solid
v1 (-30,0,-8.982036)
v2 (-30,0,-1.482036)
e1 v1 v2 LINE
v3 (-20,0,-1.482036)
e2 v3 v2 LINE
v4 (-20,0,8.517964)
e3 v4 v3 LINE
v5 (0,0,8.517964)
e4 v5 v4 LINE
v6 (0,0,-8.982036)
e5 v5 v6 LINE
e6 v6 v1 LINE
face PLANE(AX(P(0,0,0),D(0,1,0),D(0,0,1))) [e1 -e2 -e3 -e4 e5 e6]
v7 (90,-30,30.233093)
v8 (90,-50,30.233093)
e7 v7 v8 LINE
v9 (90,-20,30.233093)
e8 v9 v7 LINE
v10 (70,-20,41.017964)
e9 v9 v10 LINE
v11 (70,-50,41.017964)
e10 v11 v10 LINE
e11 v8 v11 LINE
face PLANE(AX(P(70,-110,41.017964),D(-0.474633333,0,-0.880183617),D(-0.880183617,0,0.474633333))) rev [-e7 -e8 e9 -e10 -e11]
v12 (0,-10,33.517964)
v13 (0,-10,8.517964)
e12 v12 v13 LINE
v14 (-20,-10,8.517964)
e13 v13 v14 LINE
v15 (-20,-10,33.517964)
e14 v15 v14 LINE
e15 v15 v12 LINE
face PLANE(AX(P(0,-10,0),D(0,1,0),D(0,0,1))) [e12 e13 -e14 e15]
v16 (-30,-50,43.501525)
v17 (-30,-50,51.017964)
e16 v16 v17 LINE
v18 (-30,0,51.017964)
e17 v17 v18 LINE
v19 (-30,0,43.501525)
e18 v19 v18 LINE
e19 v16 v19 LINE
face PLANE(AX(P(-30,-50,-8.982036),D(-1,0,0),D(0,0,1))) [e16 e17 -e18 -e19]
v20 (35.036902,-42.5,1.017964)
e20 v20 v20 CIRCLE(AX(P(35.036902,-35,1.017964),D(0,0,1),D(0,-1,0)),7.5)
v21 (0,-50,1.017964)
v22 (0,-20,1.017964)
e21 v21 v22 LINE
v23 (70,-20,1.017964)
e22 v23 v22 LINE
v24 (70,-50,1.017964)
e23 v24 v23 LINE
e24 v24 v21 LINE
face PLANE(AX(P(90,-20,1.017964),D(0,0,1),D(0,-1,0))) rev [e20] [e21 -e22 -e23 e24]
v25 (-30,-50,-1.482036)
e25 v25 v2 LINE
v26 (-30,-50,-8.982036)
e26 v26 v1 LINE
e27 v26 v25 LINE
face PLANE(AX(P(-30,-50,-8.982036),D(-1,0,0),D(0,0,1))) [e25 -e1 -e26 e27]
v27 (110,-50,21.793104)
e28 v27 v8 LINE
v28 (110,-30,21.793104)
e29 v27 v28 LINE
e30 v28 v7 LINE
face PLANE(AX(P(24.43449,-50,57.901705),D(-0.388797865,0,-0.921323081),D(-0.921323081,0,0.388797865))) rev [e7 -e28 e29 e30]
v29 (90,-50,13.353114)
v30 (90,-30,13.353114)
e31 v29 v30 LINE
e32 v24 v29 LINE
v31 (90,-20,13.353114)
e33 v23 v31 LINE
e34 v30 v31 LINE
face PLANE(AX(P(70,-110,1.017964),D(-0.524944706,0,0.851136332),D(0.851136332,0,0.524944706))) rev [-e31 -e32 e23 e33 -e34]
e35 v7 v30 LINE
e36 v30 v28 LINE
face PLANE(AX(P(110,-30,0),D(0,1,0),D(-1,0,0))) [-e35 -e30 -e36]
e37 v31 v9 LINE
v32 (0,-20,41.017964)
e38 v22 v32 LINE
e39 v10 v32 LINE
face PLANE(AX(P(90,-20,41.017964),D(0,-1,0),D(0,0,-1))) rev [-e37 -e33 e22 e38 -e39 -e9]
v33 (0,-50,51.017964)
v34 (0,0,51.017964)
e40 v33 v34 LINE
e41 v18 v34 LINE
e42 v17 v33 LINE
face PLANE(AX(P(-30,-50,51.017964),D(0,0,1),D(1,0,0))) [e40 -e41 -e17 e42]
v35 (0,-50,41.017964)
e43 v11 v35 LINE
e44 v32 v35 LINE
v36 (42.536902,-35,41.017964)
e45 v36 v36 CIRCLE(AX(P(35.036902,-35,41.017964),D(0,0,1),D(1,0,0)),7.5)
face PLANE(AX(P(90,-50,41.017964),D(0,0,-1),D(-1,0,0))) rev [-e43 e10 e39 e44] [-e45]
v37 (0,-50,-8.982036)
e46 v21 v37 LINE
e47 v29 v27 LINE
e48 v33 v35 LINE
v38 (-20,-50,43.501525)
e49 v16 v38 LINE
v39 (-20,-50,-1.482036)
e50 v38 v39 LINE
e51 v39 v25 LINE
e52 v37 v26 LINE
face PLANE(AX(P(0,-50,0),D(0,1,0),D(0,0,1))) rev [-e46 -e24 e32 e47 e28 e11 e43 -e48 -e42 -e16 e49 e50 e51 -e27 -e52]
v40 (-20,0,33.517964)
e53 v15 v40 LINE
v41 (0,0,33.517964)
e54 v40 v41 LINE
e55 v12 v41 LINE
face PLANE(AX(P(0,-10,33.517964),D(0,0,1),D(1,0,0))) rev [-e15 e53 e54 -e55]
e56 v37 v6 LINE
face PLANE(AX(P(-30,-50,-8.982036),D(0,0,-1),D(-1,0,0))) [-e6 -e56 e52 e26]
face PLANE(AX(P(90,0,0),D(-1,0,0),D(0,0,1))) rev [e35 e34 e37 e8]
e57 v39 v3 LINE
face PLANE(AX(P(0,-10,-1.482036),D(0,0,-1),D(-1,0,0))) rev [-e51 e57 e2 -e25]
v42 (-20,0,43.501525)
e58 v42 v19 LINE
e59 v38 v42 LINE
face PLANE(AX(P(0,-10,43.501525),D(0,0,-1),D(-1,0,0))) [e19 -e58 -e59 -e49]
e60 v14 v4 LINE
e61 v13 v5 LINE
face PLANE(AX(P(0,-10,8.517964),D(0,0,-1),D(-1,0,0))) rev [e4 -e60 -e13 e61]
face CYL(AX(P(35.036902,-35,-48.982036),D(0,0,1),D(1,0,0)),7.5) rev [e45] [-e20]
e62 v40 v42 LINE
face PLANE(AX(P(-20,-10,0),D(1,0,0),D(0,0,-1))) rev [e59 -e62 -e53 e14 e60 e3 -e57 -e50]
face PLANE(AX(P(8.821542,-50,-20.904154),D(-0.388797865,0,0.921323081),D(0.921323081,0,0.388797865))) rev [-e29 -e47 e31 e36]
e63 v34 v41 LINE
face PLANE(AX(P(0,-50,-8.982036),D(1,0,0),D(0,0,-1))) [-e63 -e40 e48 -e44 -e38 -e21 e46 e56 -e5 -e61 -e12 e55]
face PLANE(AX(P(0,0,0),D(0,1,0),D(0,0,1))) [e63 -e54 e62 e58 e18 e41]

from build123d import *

# Parameters (mm, degrees)
SKETCH1_W           = 30
SKETCH1_H           = 60
BOSS_EXTRUDE1_DEPTH = 50
BOSS_EXTRUDE2_DEPTH = 90
SKETCH3_R           = 7.5
CUT_EXTRUDE1_DEPTH  = 90
CUT_EXTRUDE2_DEPTH  = 90
SKETCH5_W           = 16.87997937
SKETCH5_H           = 20
BOSS_EXTRUDE3_DEPTH = 20
CUT_EXTRUDE3_DEPTH  = 20
CUT_EXTRUDE4_DEPTH  = 10
SKETCH8_W           = 10
SKETCH8_H           = 44.983560701
CUT_EXTRUDE5_DEPTH  = 50


with BuildPart() as part:
    # Sketch1 → Boss-Extrude1 (new body)
    with BuildSketch(Plane(origin=(0, 0, 0), x_dir=(1, 0, 0), z_dir=(0, 1, 0))):
        with Locations((-15, -21.017964072)):
            Rectangle(SKETCH1_W, SKETCH1_H)
    extrude(amount=-BOSS_EXTRUDE1_DEPTH)

    # Sketch2 → Boss-Extrude2 (add)
    with BuildSketch(Plane(origin=(0, 0, 0), x_dir=(0, 0, -1), z_dir=(1, 0, 0))):
        Polygon((-21.017964072, -50), (-41.017964072, -50), (-41.017964072, -20), (-1.017964072, -20), (-1.017964072, -50), align=None)
    extrude(amount=BOSS_EXTRUDE2_DEPTH)

    # Sketch3 → Cut-Extrude1 (cut)
    with BuildSketch(Plane.XY.offset(41.017964072)):
        with Locations((35.036901586, -35)):
            Circle(SKETCH3_R)
    extrude(amount=-CUT_EXTRUDE1_DEPTH, mode=Mode.SUBTRACT)

    # Sketch4 → Cut-Extrude2 (cut)
    with BuildSketch(Plane(origin=(0, -20, 0), x_dir=(1, 0, 0), z_dir=(0, 1, 0))):
        Polygon((70, -1.017964072), (90, -13.353113833), (90, -1.017964072), align=None)
        Polygon((70, -41.017964072), (90, -30.233093203), (90, -41.017964072), align=None)
    extrude(amount=-CUT_EXTRUDE2_DEPTH, mode=Mode.SUBTRACT)

    # Sketch5 → Boss-Extrude3 (add)
    with BuildSketch(Plane(origin=(90, 0, 0), x_dir=(0, 0, -1), z_dir=(1, 0, 0))):
        with Locations((-21.793103518, -40)):
            Rectangle(SKETCH5_W, SKETCH5_H)
    extrude(amount=BOSS_EXTRUDE3_DEPTH)

    # Sketch6 → Cut-Extrude3 (cut)
    with BuildSketch(Plane(origin=(0, -30, 0), x_dir=(1, 0, 0), z_dir=(0, 1, 0))):
        Polygon((110, -13.353113833), (90, -13.353113833), (110, -21.793103518), align=None)
        Polygon((110, -30.233093203), (110, -21.793103518), (90, -30.233093203), align=None)
    extrude(amount=-CUT_EXTRUDE3_DEPTH, mode=Mode.SUBTRACT)

    # Sketch7 → Cut-Extrude4 (cut)
    with BuildSketch(Plane(origin=(0, 0, 0), x_dir=(1, 0, 0), z_dir=(0, 1, 0))):
        Polygon((-30, 1.482035928), (-30, -43.501524773), (-20, -43.501524773), (-20, -33.517964072), (0, -33.517964072), (0, -8.517964072), (-20, -8.517964072), (-20, 1.482035928), align=None)
    extrude(amount=-CUT_EXTRUDE4_DEPTH, mode=Mode.SUBTRACT)

    # Sketch8 → Cut-Extrude5 (cut)
    with BuildSketch(Plane(origin=(0, -10, 0), x_dir=(1, 0, 0), z_dir=(0, 1, 0))):
        with Locations((-25, -21.009744422)):
            Rectangle(SKETCH8_W, SKETCH8_H)
    extrude(amount=-CUT_EXTRUDE5_DEPTH, mode=Mode.SUBTRACT)


solid = part.part
